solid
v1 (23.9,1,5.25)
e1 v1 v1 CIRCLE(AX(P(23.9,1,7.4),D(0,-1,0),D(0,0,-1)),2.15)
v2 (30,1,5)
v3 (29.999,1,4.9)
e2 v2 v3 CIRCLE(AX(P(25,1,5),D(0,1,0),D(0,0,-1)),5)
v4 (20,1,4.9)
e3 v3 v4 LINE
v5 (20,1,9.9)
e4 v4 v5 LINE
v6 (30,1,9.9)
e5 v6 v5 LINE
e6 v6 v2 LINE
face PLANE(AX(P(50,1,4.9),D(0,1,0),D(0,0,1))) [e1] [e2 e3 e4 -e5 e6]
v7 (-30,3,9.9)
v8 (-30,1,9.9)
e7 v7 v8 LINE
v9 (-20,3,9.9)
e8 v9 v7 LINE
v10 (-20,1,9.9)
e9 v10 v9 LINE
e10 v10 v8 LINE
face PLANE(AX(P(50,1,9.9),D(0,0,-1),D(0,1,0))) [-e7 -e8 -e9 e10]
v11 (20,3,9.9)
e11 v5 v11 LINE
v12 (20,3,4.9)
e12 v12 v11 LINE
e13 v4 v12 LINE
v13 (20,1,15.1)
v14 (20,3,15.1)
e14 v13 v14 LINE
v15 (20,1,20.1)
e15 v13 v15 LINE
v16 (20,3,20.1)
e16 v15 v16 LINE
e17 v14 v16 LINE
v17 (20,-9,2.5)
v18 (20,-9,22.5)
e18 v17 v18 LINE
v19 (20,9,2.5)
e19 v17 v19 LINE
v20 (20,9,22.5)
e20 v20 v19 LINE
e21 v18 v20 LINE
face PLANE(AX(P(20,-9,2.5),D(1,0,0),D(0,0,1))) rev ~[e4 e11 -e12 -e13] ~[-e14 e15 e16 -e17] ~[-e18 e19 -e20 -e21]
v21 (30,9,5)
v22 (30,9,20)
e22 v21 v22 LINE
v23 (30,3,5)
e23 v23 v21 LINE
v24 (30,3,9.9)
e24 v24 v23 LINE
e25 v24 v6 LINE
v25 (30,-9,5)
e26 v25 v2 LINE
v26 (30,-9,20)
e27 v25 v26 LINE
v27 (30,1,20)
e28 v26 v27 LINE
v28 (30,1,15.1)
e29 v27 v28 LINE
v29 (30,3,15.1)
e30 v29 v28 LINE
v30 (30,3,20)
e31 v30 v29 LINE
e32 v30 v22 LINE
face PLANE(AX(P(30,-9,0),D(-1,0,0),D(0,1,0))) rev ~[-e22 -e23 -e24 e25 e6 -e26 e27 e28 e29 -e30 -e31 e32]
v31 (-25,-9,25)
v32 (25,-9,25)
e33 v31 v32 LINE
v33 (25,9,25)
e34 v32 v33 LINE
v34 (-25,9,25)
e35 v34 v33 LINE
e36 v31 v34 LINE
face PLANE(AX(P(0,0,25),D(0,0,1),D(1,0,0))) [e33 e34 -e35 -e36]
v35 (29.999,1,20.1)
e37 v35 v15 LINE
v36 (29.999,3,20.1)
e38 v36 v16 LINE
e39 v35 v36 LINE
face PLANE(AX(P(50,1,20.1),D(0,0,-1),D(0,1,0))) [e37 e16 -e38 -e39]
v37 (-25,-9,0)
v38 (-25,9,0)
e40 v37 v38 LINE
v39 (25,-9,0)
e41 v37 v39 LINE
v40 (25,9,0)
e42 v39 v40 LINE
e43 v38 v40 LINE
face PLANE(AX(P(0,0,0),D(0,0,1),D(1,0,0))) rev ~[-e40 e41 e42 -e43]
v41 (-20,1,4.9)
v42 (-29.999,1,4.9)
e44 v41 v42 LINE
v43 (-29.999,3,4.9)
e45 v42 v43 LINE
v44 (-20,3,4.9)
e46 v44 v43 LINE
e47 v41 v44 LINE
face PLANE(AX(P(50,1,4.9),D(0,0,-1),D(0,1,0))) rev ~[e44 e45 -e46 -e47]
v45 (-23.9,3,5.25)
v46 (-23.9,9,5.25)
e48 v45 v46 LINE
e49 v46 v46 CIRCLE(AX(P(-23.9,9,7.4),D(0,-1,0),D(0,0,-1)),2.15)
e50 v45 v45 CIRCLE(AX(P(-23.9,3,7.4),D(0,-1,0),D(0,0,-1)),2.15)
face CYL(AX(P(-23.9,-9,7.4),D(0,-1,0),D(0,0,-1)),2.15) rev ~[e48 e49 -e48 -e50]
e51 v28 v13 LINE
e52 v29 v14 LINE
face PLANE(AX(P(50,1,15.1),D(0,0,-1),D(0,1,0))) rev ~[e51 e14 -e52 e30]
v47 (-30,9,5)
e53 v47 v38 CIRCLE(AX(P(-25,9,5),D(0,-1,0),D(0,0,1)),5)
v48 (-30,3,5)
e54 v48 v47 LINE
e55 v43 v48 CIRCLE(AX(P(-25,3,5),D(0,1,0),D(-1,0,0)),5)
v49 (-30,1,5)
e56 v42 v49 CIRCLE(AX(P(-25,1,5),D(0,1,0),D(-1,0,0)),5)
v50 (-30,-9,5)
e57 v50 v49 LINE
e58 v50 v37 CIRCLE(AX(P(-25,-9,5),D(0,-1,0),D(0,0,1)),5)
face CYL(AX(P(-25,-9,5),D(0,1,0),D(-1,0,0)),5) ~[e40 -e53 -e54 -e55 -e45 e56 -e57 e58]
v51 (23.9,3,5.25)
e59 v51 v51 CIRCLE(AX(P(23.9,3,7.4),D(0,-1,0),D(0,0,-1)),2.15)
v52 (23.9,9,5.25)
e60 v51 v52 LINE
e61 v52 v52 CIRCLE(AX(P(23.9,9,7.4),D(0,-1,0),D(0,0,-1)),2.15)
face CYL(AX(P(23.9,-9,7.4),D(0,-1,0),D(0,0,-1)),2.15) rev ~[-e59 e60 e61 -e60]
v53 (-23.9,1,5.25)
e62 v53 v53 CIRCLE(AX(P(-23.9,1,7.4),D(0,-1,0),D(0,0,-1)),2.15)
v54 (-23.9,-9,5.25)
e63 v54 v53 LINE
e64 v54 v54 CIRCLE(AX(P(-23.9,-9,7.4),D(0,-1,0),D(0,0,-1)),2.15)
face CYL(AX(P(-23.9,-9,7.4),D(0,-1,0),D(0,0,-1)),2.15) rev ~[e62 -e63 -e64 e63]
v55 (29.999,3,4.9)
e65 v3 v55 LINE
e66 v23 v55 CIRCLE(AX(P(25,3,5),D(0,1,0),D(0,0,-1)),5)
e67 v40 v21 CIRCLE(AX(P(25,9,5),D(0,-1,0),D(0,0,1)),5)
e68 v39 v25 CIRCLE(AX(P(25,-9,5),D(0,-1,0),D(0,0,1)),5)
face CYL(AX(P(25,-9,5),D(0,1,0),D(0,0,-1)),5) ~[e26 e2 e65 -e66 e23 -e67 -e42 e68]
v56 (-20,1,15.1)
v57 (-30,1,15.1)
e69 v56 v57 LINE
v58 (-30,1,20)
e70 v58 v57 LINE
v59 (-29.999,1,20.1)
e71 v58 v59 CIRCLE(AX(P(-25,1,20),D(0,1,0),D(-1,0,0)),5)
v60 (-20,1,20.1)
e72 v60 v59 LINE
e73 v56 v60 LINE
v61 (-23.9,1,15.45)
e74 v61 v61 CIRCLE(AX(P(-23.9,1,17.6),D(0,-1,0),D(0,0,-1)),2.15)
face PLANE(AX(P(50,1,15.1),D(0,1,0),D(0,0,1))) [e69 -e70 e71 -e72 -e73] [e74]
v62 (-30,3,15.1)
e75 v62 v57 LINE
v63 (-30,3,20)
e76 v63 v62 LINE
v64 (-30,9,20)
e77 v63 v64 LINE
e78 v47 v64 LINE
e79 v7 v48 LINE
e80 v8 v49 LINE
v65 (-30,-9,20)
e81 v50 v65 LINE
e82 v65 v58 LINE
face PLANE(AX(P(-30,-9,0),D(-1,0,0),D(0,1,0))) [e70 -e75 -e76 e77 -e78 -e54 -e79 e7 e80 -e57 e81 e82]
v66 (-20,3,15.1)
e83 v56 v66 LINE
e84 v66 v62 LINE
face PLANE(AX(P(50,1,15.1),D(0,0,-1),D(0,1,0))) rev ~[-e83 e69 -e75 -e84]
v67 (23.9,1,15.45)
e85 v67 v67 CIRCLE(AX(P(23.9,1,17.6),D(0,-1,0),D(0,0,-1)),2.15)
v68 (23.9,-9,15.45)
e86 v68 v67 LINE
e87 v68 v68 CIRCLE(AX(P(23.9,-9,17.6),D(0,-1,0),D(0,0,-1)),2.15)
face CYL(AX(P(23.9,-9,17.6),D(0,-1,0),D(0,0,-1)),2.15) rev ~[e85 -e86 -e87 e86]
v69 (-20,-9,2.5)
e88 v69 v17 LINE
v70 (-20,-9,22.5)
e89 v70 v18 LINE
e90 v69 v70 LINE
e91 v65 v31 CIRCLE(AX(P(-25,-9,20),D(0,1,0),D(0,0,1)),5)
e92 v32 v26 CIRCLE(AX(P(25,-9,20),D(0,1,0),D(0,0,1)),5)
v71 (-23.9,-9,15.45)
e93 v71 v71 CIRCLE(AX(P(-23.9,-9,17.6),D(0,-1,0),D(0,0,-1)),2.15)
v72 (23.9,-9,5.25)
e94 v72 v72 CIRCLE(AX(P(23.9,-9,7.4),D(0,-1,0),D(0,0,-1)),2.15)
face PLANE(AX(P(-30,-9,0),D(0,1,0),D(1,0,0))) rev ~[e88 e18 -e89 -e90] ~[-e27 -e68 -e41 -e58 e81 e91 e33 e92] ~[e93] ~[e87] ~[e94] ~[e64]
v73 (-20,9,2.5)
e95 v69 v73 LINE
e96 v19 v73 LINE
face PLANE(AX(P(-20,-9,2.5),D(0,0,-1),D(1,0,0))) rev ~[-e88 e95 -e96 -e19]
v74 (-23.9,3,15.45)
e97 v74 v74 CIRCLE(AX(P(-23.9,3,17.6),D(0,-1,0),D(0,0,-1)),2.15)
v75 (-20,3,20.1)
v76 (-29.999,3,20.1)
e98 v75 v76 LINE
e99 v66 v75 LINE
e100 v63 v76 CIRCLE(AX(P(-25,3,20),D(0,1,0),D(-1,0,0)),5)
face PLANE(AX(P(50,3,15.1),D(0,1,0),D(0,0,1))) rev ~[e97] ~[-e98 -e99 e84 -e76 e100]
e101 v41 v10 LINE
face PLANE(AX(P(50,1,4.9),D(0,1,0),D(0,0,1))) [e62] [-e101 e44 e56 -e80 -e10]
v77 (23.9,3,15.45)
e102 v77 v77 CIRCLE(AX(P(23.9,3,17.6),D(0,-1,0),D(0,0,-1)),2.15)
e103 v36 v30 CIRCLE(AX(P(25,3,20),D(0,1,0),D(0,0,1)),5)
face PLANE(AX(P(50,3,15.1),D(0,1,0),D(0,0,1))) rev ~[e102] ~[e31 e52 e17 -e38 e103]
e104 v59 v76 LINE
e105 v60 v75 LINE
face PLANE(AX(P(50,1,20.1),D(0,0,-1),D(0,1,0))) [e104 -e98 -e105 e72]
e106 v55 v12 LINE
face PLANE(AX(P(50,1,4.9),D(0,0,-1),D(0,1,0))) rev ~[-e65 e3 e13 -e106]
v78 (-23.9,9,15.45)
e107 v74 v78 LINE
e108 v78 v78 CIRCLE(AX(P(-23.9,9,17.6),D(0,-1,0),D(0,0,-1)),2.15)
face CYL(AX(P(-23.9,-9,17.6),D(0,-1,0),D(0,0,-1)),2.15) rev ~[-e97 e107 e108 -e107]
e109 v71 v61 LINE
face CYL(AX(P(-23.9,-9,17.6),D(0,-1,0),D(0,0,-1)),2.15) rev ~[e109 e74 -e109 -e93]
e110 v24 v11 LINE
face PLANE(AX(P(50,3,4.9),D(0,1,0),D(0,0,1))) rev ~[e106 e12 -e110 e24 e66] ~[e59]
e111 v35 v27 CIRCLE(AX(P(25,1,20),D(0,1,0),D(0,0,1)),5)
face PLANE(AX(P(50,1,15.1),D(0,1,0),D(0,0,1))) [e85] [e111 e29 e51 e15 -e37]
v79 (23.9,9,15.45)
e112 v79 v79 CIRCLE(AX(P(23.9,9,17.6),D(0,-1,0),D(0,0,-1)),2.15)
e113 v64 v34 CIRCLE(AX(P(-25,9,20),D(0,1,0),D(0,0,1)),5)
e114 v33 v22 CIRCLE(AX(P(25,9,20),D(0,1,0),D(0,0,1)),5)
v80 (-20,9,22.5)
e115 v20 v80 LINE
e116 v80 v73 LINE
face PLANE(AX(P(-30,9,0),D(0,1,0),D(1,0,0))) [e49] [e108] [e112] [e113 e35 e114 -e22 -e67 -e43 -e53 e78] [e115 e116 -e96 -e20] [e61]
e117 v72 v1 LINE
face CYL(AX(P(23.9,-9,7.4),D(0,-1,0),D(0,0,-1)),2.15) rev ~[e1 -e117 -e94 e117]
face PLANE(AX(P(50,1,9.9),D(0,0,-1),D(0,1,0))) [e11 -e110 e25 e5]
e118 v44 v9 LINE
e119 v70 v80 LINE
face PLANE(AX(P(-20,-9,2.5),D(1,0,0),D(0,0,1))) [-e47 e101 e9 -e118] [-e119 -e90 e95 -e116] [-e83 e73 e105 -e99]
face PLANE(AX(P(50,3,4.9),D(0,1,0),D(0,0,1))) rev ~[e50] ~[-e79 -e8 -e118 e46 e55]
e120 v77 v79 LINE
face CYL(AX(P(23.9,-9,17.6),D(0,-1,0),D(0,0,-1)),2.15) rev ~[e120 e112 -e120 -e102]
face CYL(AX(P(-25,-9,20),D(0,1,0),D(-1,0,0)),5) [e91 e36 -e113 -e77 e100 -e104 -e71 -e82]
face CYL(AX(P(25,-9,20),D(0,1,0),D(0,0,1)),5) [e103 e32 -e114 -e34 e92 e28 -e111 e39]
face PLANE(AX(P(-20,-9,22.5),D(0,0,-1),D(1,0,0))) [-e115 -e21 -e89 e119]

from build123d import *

# Parameters (mm, degrees)
ESQUISSE1_W                  = 60
ESQUISSE1_H                  = 18
BOSS_EXTRU_1_DEPTH           = 25
ESQUISSE2_W                  = 40
ESQUISSE2_H                  = 20
ENL_V_MAT_EXTRU_1_DEPTH      = 30
CONG_1_R                     = 5
ESQUISSE3_R                  = 2.15
ENL_V_MAT_EXTRU_2_DEPTH      = 30
ENL_V_MAT_EXTRU_3_DEPTH      = 66.620118866
ENL_V_MAT_EXTRU_3_DEPTH_BACK = 80
ESQUISSE4_W                  = 5
ESQUISSE4_H                  = 2


with BuildPart() as part:
    # Esquisse1 → Boss.-Extru.1 (new body)
    with BuildSketch(Plane.XY):
        Rectangle(ESQUISSE1_W, ESQUISSE1_H)
    extrude(amount=BOSS_EXTRU_1_DEPTH)

    # Esquisse2 → Enlèv. mat.-Extru.1 (cut)
    with BuildSketch(Plane.XZ.offset(9)):
        with Locations((0, 12.5)):
            Rectangle(ESQUISSE2_W, ESQUISSE2_H)
    extrude(amount=-ENL_V_MAT_EXTRU_1_DEPTH, mode=Mode.SUBTRACT)

    # Congé1
    cong_1_edges = [part.edges().sort_by_distance(p)[0] for p in [
        (-30, 0, 25),
        (30, 0, 25),
        (-30, 0, 0),
        (30, 0, 0),
    ]]
    fillet(cong_1_edges, radius=CONG_1_R)

    # Esquisse3 → Enlèv. mat.-Extru.2 (cut)
    with BuildSketch(Plane(origin=(0, -9, 0), x_dir=(-1, 0, 0), z_dir=(0, -1, 0))):
        with Locations(Location((23.9, -17.6, 0), (0, 0, 90))):
            Circle(ESQUISSE3_R)
        with Locations(Location((23.9, -7.4, 0), (0, 0, 90))):
            Circle(ESQUISSE3_R)
        with Locations(Location((-23.9, -7.4, 0), (0, 0, 90))):
            Circle(ESQUISSE3_R)
        with Locations(Location((-23.9, -17.6, 0), (0, 0, 90))):
            Circle(ESQUISSE3_R)
    extrude(amount=-ENL_V_MAT_EXTRU_2_DEPTH, mode=Mode.SUBTRACT)

    # Esquisse4 → Enlèv. mat.-Extru.3 (cut, two sides: drawn at the far end of the back side and taken through both)
    with BuildSketch(Plane.ZY.offset(30).offset(-ENL_V_MAT_EXTRU_3_DEPTH_BACK)):
        with Locations((7.4, 2)):
            Rectangle(ESQUISSE4_W, ESQUISSE4_H)
        with Locations((17.6, 2)):
            Rectangle(ESQUISSE4_W, ESQUISSE4_H)
    extrude(amount=ENL_V_MAT_EXTRU_3_DEPTH + ENL_V_MAT_EXTRU_3_DEPTH_BACK, mode=Mode.SUBTRACT)


solid = part.part
